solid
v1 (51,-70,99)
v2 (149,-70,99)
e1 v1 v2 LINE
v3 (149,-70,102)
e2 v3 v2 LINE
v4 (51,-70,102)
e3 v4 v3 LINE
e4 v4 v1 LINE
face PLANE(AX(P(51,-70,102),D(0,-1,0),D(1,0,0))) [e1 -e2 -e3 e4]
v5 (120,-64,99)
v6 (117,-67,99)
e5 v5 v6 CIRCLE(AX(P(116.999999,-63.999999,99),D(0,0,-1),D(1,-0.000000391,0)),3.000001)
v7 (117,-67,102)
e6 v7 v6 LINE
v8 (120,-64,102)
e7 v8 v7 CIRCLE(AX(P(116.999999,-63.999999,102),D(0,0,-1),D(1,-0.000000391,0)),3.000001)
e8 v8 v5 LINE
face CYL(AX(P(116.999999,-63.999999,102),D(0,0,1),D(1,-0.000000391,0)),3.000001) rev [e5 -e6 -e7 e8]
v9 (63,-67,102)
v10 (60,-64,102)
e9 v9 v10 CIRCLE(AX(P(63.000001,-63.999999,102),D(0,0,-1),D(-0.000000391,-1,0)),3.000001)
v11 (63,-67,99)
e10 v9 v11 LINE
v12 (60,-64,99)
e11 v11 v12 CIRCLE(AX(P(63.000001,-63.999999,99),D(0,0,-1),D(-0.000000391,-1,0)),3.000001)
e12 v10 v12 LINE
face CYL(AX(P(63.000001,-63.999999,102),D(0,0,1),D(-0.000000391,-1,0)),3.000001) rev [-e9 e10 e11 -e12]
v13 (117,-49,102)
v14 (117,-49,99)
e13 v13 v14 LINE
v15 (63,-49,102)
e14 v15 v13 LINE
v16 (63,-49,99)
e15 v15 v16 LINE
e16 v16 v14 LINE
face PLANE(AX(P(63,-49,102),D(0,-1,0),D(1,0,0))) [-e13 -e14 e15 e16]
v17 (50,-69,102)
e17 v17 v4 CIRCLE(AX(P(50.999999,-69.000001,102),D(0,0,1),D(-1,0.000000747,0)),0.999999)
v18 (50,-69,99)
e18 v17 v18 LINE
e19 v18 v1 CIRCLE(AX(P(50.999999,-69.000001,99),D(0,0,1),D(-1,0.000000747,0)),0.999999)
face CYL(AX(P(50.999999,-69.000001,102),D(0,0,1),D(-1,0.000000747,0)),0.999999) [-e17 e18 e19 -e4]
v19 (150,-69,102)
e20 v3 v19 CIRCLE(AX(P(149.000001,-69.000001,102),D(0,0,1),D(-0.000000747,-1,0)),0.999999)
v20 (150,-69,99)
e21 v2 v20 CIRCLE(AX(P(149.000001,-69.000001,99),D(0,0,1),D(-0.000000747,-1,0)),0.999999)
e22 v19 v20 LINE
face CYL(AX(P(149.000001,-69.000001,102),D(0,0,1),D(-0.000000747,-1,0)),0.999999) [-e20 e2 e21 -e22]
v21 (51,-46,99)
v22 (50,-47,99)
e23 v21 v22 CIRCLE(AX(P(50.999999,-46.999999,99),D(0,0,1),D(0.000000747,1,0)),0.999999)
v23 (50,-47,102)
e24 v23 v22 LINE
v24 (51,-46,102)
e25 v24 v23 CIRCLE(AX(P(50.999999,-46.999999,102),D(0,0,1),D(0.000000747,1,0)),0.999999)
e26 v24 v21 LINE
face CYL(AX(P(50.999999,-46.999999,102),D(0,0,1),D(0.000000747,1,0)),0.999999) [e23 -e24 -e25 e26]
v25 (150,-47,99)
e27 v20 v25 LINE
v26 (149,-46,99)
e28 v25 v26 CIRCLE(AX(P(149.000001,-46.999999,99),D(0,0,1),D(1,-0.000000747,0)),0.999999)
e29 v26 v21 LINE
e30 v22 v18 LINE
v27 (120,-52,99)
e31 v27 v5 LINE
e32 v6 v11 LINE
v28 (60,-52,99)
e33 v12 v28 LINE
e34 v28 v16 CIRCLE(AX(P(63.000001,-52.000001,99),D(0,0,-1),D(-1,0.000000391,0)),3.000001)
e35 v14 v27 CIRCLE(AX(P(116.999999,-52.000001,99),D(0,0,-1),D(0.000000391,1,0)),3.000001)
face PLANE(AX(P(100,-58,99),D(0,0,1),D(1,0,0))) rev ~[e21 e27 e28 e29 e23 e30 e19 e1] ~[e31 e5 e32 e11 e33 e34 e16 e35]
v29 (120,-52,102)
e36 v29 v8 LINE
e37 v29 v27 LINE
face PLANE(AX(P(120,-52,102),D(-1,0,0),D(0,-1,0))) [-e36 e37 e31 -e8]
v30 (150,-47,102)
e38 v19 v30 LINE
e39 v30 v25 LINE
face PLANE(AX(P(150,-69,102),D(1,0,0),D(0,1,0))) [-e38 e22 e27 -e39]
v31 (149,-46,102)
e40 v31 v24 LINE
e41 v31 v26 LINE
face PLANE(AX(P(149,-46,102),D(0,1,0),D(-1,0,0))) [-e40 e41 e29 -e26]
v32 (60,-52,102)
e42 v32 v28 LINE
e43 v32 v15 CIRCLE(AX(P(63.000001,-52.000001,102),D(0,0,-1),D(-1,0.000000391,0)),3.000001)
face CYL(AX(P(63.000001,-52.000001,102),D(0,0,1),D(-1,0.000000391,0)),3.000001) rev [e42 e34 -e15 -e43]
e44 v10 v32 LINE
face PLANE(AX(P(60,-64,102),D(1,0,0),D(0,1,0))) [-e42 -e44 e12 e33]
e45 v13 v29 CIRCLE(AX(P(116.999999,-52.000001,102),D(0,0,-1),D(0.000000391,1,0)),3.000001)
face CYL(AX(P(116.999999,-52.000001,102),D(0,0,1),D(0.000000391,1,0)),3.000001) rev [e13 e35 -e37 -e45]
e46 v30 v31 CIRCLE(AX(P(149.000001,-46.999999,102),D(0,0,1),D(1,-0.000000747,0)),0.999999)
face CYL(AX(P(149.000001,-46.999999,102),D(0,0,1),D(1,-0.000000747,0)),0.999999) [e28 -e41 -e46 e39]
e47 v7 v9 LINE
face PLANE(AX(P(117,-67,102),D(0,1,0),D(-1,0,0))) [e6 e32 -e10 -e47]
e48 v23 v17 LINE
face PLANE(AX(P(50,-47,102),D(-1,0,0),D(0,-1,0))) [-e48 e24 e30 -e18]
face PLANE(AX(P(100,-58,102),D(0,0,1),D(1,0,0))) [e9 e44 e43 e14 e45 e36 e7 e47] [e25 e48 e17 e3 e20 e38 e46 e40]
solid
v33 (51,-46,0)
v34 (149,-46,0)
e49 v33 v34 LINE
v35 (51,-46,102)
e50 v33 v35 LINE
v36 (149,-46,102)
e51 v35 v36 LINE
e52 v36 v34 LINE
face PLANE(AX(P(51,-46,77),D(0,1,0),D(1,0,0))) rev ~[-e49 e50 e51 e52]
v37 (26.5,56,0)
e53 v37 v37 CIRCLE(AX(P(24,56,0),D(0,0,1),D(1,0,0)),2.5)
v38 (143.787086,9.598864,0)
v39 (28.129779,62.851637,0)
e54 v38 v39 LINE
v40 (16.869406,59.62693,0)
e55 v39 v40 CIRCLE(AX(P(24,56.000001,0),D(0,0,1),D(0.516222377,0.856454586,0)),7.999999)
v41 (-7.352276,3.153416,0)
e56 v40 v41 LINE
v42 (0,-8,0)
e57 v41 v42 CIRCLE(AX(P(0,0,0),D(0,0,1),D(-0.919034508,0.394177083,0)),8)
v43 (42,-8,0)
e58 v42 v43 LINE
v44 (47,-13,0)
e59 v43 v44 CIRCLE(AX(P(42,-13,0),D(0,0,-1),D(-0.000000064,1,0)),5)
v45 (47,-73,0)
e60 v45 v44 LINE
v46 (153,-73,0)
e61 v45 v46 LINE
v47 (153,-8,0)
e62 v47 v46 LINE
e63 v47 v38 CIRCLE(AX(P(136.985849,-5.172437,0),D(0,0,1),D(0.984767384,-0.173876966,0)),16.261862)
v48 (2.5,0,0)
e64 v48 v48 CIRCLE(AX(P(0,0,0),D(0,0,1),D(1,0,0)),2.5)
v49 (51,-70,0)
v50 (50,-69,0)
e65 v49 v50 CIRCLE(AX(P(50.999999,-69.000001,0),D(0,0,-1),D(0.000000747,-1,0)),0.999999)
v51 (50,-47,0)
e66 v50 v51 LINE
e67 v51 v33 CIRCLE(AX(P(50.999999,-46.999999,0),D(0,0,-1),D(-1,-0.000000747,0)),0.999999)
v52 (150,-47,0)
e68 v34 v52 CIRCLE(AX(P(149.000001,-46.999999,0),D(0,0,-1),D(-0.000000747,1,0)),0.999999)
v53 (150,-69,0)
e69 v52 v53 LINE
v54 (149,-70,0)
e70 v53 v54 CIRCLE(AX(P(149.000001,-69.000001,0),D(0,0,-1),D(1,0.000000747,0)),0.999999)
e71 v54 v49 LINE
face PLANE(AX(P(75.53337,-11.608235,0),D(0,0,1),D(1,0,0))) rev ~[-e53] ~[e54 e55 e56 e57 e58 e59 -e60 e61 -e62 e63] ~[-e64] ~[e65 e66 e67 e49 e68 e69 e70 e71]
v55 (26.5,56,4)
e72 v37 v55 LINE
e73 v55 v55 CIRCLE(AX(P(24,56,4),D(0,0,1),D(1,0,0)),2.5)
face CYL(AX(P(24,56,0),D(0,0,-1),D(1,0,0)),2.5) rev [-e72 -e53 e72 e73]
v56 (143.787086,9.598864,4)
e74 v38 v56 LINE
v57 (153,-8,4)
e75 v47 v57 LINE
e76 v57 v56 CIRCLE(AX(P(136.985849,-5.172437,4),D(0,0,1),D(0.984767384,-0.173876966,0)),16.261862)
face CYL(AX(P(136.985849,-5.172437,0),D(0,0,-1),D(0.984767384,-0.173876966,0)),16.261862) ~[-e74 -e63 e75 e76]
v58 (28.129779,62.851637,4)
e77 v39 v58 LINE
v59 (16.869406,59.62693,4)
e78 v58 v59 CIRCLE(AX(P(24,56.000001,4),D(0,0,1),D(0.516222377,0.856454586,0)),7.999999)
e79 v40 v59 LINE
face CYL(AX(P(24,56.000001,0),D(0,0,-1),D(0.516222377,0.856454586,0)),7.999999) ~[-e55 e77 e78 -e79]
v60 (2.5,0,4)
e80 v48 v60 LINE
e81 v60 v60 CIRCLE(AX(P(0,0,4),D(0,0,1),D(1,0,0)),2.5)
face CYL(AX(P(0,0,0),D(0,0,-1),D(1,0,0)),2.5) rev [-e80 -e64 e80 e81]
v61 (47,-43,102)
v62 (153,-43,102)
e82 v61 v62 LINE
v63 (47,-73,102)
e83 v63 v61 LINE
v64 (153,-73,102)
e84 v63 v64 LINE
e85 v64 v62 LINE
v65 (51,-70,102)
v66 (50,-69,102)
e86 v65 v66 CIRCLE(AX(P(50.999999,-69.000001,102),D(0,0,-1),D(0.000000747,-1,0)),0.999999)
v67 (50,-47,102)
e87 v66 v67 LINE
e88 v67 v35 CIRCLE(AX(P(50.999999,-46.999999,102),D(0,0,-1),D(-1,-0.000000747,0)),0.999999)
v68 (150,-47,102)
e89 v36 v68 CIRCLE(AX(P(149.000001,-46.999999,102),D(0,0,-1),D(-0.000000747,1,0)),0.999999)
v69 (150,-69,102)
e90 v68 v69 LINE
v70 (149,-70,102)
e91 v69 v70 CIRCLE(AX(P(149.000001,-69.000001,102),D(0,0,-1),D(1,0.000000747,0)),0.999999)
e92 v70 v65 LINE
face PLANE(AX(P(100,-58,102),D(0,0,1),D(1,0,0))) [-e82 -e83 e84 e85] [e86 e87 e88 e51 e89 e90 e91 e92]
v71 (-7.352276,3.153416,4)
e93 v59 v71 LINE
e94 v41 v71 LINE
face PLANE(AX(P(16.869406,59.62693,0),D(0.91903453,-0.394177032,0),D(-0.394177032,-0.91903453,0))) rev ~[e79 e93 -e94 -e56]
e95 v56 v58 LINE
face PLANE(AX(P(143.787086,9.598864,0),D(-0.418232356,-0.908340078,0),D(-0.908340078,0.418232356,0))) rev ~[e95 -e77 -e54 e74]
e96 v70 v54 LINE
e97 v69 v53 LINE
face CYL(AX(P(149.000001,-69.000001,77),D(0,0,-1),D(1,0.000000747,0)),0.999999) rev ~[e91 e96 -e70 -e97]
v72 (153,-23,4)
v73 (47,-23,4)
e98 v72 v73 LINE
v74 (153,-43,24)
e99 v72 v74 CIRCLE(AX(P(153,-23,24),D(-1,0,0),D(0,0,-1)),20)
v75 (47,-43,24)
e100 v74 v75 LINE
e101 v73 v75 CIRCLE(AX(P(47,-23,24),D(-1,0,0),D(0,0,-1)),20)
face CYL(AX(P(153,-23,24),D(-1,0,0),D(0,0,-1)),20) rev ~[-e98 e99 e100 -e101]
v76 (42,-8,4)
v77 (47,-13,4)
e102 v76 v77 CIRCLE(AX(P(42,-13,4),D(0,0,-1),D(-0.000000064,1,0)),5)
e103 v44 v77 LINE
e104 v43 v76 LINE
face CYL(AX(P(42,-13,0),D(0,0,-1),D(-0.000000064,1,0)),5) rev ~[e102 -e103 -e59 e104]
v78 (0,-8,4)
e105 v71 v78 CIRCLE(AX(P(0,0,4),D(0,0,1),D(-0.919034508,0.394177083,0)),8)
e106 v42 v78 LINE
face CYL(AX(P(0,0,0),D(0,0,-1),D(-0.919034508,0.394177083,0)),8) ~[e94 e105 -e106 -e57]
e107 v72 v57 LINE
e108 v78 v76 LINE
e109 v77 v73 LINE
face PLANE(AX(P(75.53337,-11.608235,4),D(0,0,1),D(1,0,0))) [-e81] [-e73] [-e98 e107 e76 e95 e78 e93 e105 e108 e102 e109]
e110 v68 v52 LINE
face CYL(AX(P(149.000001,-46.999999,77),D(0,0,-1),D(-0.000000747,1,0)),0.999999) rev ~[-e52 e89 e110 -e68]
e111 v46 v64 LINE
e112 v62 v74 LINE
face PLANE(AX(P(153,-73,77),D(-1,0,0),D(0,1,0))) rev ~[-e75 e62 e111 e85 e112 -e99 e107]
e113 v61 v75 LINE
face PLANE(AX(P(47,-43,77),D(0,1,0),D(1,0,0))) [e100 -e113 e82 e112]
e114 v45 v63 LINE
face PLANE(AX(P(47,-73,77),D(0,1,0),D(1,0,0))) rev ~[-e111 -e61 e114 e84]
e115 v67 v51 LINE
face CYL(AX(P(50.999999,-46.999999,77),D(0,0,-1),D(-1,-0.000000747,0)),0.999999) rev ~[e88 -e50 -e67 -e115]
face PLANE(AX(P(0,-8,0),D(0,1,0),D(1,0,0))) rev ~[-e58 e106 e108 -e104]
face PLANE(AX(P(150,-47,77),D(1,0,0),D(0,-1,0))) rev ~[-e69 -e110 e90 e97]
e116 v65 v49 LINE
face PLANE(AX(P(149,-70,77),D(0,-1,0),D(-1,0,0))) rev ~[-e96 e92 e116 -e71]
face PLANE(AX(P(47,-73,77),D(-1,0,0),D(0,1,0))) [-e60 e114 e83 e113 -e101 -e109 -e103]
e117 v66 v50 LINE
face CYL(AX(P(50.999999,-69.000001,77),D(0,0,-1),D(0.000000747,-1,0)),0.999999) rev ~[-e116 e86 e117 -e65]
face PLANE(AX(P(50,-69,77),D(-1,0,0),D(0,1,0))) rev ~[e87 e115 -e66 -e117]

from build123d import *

# Parameters (mm, degrees)
F0_R      = 2.5
F1_DEPTH  = 4
F3_DEPTH  = 4.001
F2_W      = 106
F2_H      = 30
F4_DEPTH  = 77
F4_FACE_W = 106
F4_FACE_H = 30
F5_DEPTH  = 25
F7_DEPTH  = 3
F8_R      = 20


with BuildPart() as f1:
    # F0 (on Top) → F1 (new body)
    with BuildSketch(Plane.XY):
        with BuildLine():
            Line((143.787086, 9.598864), (28.129779, 62.851637))
            ThreePointArc((28.129779, 62.851637), (21.797523, 63.690845), (16.869406, 59.62693))
            Line((16.869406, 59.62693), (-7.352276, 3.153416))
            ThreePointArc((-7.352276, 3.153416), (-6.679346, -4.402992), (0, -8))
            Line((0, -8), (42, -8))
            ThreePointArc((42, -8), (45.535534, -9.464466), (47, -13))
            Line((47, -13), (47, -73))
            Line((47, -73), (153, -73))
            Line((153, -73), (153, -8))
            ThreePointArc((153, -8), (151.392982, 2.369623), (143.787086, 9.598864))
        make_face()
        Circle(F0_R, mode=Mode.SUBTRACT)
        with Locations((24, 56)):
            Circle(F0_R, mode=Mode.SUBTRACT)
    extrude(amount=F1_DEPTH)

    # F2 (on face) → F3 (cut, through all)
    with BuildSketch(Plane(origin=(0, 0, 0), x_dir=(1, 0, 0), z_dir=(0, 0, -1))):
        with BuildLine():
            ThreePointArc((50, 47), (50.292893, 46.292893), (51, 46))
            Line((51, 46), (149, 46))
            ThreePointArc((149, 46), (149.707107, 46.292893), (150, 47))
            Line((150, 47), (150, 69))
            ThreePointArc((150, 69), (149.707107, 69.707107), (149, 70))
            Line((149, 70), (51, 70))
            ThreePointArc((51, 70), (50.292893, 69.707107), (50, 69))
            Line((50, 69), (50, 47))
        make_face()
    extrude(amount=-F3_DEPTH, mode=Mode.SUBTRACT)

    # F2 (on face) → F4 (join)
    with BuildSketch(Plane(origin=(0, 0, 0), x_dir=(1, 0, 0), z_dir=(0, 0, -1))):
        with Locations((100, 58)):
            Rectangle(F2_W, F2_H)
        with BuildLine():
            Line((149, 46), (51, 46))
            ThreePointArc((51, 46), (50.292893, 46.292893), (50, 47))
            Line((50, 47), (50, 69))
            ThreePointArc((50, 69), (50.292893, 69.707107), (51, 70))
            Line((51, 70), (149, 70))
            ThreePointArc((149, 70), (149.707107, 69.707107), (150, 69))
            Line((150, 69), (150, 47))
            ThreePointArc((150, 47), (149.707107, 46.292893), (149, 46))
        make_face(mode=Mode.SUBTRACT)
    extrude(amount=-F4_DEPTH)

    # F4_face (on face) → F5 (join)
    with BuildSketch(Plane(origin=(100, -58, 77), x_dir=(1, 0, 0), z_dir=(0, 0, 1))):
        Rectangle(F4_FACE_W, F4_FACE_H)
        with BuildLine():
            Line((-49, 12), (49, 12))
            ThreePointArc((49, 12), (49.707107, 11.707107), (50, 11))
            Line((50, 11), (50, -11))
            ThreePointArc((50, -11), (49.707107, -11.707107), (49, -12))
            Line((49, -12), (-49, -12))
            ThreePointArc((-49, -12), (-49.707107, -11.707107), (-50, -11))
            Line((-50, -11), (-50, 11))
            ThreePointArc((-50, 11), (-49.707107, 11.707107), (-49, 12))
        make_face(mode=Mode.SUBTRACT)
    extrude(amount=F5_DEPTH)

    # F8
    f8_edges = [f1.edges().sort_by_distance(p)[0] for p in [
        (100, -43, 4),
    ]]
    fillet(f8_edges, radius=F8_R)


with BuildPart() as f7:
    # F6 (on face) → F7 (new body)
    with BuildSketch(Plane.XY.offset(102)):
        with BuildLine():
            Line((149, -46), (51, -46))
            ThreePointArc((51, -46), (50.292893, -46.292893), (50, -47))
            Line((50, -47), (50, -69))
            ThreePointArc((50, -69), (50.292893, -69.707107), (51, -70))
            Line((51, -70), (149, -70))
            ThreePointArc((149, -70), (149.707107, -69.707107), (150, -69))
            Line((150, -69), (150, -47))
            ThreePointArc((150, -47), (149.707107, -46.292893), (149, -46))
        make_face()
        with BuildLine():
            Line((60, -64), (60, -52))
            ThreePointArc((60, -52), (60.87868, -49.87868), (63, -49))
            Line((63, -49), (117, -49))
            ThreePointArc((117, -49), (119.12132, -49.87868), (120, -52))
            Line((120, -52), (120, -64))
            ThreePointArc((120, -64), (119.12132, -66.12132), (117, -67))
            Line((117, -67), (63, -67))
            ThreePointArc((63, -67), (60.87868, -66.12132), (60, -64))
        make_face(mode=Mode.SUBTRACT)
    extrude(amount=-F7_DEPTH)


solid = Compound([f1.part, f7.part])
